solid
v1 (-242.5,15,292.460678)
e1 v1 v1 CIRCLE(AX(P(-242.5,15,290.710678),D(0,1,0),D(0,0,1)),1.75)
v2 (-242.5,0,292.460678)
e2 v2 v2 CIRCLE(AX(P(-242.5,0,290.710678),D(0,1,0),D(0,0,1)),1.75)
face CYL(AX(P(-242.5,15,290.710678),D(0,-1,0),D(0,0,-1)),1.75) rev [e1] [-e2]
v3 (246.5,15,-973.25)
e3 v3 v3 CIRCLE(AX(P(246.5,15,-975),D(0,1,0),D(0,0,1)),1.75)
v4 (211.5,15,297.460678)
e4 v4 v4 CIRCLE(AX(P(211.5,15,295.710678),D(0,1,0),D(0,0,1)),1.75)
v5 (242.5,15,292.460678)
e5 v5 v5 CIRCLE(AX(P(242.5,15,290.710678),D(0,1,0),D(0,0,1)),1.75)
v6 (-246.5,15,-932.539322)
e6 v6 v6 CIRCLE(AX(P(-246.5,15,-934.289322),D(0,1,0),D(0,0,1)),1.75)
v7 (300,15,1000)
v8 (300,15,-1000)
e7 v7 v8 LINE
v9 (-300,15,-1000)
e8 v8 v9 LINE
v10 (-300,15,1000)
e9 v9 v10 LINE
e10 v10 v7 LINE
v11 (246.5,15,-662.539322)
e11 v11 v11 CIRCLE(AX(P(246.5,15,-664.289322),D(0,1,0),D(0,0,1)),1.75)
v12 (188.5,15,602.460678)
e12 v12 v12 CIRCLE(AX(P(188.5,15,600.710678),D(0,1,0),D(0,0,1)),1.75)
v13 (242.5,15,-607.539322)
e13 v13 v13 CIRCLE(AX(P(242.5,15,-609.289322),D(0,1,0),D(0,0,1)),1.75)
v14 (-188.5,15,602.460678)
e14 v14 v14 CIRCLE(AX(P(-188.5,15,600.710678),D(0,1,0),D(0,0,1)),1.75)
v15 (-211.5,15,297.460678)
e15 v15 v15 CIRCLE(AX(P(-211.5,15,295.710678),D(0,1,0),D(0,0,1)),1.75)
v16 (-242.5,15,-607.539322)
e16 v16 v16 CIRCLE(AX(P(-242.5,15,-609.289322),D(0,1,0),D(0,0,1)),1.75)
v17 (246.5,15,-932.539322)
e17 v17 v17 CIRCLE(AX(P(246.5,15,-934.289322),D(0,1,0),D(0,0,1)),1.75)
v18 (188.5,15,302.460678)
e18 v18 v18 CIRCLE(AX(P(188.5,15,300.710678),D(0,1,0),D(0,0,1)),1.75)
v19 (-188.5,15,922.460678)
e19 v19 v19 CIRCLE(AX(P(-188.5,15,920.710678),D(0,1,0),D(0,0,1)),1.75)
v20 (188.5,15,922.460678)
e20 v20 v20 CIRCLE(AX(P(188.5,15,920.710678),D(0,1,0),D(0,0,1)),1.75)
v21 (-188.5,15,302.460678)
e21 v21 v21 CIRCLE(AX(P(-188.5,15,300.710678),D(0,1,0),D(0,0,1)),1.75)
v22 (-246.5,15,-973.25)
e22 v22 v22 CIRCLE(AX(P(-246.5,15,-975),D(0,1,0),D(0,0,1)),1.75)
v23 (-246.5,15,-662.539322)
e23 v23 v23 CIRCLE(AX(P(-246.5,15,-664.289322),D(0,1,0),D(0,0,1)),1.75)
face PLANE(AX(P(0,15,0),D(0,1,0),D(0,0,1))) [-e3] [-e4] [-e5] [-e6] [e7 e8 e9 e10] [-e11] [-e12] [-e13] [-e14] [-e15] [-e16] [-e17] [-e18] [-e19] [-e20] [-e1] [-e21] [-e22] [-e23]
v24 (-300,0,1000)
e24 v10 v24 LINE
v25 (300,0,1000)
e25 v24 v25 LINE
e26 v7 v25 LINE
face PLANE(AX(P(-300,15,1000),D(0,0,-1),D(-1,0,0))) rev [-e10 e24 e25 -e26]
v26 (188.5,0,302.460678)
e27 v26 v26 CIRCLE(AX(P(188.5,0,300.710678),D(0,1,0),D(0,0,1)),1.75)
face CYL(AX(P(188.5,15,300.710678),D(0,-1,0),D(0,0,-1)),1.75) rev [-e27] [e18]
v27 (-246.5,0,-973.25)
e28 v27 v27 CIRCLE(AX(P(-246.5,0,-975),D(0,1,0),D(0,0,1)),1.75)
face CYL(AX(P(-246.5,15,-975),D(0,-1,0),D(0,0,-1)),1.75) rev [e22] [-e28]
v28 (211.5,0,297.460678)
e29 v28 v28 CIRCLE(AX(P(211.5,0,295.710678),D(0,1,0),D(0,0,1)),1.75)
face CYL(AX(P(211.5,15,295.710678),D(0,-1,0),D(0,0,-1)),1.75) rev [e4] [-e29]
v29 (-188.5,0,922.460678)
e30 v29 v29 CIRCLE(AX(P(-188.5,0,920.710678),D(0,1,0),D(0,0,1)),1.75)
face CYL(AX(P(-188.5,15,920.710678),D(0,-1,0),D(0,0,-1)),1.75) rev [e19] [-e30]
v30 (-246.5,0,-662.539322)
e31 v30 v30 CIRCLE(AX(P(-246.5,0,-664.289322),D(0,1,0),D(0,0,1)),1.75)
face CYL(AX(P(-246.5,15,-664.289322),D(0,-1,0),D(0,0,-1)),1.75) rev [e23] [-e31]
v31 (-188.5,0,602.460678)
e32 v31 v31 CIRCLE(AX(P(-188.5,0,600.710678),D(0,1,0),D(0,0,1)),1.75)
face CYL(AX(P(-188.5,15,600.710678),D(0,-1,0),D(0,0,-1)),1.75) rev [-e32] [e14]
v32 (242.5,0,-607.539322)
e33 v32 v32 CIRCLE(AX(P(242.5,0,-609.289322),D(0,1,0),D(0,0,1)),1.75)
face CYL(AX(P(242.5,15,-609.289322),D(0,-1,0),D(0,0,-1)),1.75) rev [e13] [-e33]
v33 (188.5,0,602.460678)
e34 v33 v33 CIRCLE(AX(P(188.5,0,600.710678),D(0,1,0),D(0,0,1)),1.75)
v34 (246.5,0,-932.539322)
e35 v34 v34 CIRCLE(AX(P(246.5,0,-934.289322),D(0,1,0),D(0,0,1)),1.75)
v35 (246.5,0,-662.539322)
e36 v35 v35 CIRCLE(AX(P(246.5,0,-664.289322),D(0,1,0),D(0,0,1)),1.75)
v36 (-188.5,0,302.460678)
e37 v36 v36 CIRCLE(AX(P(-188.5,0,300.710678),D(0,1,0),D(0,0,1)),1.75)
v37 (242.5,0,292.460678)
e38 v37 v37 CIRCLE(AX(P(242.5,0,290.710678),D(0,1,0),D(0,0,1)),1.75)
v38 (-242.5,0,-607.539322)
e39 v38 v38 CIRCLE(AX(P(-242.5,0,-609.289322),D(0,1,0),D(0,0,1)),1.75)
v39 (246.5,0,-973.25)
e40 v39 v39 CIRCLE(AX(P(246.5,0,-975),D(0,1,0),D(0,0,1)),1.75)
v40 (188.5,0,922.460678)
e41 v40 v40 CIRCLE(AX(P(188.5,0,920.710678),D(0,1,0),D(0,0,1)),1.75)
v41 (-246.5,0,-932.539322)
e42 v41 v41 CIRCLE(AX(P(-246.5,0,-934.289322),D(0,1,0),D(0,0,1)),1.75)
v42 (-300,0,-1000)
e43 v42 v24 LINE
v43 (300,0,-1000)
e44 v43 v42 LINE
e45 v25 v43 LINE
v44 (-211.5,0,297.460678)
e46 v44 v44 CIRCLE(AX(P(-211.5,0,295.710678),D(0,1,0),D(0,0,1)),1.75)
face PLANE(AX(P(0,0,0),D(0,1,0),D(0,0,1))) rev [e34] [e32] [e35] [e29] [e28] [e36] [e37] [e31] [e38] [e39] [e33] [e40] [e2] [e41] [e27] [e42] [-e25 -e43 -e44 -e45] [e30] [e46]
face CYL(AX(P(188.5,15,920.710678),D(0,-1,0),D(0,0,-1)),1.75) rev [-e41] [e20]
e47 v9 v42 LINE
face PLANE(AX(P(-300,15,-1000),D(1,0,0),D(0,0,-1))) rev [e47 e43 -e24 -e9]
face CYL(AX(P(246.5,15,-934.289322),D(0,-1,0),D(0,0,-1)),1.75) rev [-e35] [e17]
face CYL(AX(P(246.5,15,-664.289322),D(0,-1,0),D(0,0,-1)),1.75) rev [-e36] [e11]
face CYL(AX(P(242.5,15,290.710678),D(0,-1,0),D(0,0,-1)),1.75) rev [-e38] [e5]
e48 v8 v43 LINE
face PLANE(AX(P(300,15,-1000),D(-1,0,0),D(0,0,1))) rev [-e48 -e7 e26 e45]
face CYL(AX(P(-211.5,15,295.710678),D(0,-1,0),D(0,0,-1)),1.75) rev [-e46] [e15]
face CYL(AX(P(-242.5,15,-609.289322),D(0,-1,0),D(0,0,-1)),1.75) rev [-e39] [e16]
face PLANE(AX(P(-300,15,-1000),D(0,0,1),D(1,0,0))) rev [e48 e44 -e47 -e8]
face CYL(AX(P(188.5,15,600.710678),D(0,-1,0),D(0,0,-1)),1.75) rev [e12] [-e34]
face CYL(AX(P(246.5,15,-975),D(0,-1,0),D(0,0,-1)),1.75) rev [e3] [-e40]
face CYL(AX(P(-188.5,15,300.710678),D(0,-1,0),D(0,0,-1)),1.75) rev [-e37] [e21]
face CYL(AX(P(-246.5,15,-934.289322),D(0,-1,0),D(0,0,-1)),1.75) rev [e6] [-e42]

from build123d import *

# Parameters (mm, degrees)
SKETCH1_W           = 600
SKETCH1_H           = 2000
SKETCH1_R           = 1.75
BOSS_EXTRUDE1_DEPTH = 15


with BuildPart() as part:
    # Sketch1 → Boss-Extrude1 (new body)
    with BuildSketch(Plane(origin=(0, 0, 0), x_dir=(1, 0, 0), z_dir=(0, 1, 0))):
        Rectangle(SKETCH1_W, SKETCH1_H)
        with Locations((-188.5, -920.710678119)):
            Circle(SKETCH1_R, mode=Mode.SUBTRACT)
        with Locations((188.5, -920.710678119)):
            Circle(SKETCH1_R, mode=Mode.SUBTRACT)
        with Locations((188.5, -600.710678119)):
            Circle(SKETCH1_R, mode=Mode.SUBTRACT)
        with Locations((-188.5, -300.710678119)):
            Circle(SKETCH1_R, mode=Mode.SUBTRACT)
        with Locations((-188.5, -600.710678119)):
            Circle(SKETCH1_R, mode=Mode.SUBTRACT)
        with Locations((188.5, -300.710678119)):
            Circle(SKETCH1_R, mode=Mode.SUBTRACT)
        with Locations((-211.5, -295.710678119)):
            Circle(SKETCH1_R, mode=Mode.SUBTRACT)
        with Locations((211.5, -295.710678119)):
            Circle(SKETCH1_R, mode=Mode.SUBTRACT)
        with Locations((-242.5, -290.710678119)):
            Circle(SKETCH1_R, mode=Mode.SUBTRACT)
        with Locations((-242.5, 609.289321881)):
            Circle(SKETCH1_R, mode=Mode.SUBTRACT)
        with Locations((242.5, -290.710678119)):
            Circle(SKETCH1_R, mode=Mode.SUBTRACT)
        with Locations((242.5, 609.289321881)):
            Circle(SKETCH1_R, mode=Mode.SUBTRACT)
        with Locations((246.5, 664.289321881)):
            Circle(SKETCH1_R, mode=Mode.SUBTRACT)
        with Locations((-246.5, 664.289321881)):
            Circle(SKETCH1_R, mode=Mode.SUBTRACT)
        with Locations((-246.5, 934.289321881)):
            Circle(SKETCH1_R, mode=Mode.SUBTRACT)
        with Locations((-246.5, 975)):
            Circle(SKETCH1_R, mode=Mode.SUBTRACT)
        with Locations((246.5, 934.289321881)):
            Circle(SKETCH1_R, mode=Mode.SUBTRACT)
        with Locations((246.5, 975)):
            Circle(SKETCH1_R, mode=Mode.SUBTRACT)
    extrude(amount=BOSS_EXTRUDE1_DEPTH)


solid = part.part
